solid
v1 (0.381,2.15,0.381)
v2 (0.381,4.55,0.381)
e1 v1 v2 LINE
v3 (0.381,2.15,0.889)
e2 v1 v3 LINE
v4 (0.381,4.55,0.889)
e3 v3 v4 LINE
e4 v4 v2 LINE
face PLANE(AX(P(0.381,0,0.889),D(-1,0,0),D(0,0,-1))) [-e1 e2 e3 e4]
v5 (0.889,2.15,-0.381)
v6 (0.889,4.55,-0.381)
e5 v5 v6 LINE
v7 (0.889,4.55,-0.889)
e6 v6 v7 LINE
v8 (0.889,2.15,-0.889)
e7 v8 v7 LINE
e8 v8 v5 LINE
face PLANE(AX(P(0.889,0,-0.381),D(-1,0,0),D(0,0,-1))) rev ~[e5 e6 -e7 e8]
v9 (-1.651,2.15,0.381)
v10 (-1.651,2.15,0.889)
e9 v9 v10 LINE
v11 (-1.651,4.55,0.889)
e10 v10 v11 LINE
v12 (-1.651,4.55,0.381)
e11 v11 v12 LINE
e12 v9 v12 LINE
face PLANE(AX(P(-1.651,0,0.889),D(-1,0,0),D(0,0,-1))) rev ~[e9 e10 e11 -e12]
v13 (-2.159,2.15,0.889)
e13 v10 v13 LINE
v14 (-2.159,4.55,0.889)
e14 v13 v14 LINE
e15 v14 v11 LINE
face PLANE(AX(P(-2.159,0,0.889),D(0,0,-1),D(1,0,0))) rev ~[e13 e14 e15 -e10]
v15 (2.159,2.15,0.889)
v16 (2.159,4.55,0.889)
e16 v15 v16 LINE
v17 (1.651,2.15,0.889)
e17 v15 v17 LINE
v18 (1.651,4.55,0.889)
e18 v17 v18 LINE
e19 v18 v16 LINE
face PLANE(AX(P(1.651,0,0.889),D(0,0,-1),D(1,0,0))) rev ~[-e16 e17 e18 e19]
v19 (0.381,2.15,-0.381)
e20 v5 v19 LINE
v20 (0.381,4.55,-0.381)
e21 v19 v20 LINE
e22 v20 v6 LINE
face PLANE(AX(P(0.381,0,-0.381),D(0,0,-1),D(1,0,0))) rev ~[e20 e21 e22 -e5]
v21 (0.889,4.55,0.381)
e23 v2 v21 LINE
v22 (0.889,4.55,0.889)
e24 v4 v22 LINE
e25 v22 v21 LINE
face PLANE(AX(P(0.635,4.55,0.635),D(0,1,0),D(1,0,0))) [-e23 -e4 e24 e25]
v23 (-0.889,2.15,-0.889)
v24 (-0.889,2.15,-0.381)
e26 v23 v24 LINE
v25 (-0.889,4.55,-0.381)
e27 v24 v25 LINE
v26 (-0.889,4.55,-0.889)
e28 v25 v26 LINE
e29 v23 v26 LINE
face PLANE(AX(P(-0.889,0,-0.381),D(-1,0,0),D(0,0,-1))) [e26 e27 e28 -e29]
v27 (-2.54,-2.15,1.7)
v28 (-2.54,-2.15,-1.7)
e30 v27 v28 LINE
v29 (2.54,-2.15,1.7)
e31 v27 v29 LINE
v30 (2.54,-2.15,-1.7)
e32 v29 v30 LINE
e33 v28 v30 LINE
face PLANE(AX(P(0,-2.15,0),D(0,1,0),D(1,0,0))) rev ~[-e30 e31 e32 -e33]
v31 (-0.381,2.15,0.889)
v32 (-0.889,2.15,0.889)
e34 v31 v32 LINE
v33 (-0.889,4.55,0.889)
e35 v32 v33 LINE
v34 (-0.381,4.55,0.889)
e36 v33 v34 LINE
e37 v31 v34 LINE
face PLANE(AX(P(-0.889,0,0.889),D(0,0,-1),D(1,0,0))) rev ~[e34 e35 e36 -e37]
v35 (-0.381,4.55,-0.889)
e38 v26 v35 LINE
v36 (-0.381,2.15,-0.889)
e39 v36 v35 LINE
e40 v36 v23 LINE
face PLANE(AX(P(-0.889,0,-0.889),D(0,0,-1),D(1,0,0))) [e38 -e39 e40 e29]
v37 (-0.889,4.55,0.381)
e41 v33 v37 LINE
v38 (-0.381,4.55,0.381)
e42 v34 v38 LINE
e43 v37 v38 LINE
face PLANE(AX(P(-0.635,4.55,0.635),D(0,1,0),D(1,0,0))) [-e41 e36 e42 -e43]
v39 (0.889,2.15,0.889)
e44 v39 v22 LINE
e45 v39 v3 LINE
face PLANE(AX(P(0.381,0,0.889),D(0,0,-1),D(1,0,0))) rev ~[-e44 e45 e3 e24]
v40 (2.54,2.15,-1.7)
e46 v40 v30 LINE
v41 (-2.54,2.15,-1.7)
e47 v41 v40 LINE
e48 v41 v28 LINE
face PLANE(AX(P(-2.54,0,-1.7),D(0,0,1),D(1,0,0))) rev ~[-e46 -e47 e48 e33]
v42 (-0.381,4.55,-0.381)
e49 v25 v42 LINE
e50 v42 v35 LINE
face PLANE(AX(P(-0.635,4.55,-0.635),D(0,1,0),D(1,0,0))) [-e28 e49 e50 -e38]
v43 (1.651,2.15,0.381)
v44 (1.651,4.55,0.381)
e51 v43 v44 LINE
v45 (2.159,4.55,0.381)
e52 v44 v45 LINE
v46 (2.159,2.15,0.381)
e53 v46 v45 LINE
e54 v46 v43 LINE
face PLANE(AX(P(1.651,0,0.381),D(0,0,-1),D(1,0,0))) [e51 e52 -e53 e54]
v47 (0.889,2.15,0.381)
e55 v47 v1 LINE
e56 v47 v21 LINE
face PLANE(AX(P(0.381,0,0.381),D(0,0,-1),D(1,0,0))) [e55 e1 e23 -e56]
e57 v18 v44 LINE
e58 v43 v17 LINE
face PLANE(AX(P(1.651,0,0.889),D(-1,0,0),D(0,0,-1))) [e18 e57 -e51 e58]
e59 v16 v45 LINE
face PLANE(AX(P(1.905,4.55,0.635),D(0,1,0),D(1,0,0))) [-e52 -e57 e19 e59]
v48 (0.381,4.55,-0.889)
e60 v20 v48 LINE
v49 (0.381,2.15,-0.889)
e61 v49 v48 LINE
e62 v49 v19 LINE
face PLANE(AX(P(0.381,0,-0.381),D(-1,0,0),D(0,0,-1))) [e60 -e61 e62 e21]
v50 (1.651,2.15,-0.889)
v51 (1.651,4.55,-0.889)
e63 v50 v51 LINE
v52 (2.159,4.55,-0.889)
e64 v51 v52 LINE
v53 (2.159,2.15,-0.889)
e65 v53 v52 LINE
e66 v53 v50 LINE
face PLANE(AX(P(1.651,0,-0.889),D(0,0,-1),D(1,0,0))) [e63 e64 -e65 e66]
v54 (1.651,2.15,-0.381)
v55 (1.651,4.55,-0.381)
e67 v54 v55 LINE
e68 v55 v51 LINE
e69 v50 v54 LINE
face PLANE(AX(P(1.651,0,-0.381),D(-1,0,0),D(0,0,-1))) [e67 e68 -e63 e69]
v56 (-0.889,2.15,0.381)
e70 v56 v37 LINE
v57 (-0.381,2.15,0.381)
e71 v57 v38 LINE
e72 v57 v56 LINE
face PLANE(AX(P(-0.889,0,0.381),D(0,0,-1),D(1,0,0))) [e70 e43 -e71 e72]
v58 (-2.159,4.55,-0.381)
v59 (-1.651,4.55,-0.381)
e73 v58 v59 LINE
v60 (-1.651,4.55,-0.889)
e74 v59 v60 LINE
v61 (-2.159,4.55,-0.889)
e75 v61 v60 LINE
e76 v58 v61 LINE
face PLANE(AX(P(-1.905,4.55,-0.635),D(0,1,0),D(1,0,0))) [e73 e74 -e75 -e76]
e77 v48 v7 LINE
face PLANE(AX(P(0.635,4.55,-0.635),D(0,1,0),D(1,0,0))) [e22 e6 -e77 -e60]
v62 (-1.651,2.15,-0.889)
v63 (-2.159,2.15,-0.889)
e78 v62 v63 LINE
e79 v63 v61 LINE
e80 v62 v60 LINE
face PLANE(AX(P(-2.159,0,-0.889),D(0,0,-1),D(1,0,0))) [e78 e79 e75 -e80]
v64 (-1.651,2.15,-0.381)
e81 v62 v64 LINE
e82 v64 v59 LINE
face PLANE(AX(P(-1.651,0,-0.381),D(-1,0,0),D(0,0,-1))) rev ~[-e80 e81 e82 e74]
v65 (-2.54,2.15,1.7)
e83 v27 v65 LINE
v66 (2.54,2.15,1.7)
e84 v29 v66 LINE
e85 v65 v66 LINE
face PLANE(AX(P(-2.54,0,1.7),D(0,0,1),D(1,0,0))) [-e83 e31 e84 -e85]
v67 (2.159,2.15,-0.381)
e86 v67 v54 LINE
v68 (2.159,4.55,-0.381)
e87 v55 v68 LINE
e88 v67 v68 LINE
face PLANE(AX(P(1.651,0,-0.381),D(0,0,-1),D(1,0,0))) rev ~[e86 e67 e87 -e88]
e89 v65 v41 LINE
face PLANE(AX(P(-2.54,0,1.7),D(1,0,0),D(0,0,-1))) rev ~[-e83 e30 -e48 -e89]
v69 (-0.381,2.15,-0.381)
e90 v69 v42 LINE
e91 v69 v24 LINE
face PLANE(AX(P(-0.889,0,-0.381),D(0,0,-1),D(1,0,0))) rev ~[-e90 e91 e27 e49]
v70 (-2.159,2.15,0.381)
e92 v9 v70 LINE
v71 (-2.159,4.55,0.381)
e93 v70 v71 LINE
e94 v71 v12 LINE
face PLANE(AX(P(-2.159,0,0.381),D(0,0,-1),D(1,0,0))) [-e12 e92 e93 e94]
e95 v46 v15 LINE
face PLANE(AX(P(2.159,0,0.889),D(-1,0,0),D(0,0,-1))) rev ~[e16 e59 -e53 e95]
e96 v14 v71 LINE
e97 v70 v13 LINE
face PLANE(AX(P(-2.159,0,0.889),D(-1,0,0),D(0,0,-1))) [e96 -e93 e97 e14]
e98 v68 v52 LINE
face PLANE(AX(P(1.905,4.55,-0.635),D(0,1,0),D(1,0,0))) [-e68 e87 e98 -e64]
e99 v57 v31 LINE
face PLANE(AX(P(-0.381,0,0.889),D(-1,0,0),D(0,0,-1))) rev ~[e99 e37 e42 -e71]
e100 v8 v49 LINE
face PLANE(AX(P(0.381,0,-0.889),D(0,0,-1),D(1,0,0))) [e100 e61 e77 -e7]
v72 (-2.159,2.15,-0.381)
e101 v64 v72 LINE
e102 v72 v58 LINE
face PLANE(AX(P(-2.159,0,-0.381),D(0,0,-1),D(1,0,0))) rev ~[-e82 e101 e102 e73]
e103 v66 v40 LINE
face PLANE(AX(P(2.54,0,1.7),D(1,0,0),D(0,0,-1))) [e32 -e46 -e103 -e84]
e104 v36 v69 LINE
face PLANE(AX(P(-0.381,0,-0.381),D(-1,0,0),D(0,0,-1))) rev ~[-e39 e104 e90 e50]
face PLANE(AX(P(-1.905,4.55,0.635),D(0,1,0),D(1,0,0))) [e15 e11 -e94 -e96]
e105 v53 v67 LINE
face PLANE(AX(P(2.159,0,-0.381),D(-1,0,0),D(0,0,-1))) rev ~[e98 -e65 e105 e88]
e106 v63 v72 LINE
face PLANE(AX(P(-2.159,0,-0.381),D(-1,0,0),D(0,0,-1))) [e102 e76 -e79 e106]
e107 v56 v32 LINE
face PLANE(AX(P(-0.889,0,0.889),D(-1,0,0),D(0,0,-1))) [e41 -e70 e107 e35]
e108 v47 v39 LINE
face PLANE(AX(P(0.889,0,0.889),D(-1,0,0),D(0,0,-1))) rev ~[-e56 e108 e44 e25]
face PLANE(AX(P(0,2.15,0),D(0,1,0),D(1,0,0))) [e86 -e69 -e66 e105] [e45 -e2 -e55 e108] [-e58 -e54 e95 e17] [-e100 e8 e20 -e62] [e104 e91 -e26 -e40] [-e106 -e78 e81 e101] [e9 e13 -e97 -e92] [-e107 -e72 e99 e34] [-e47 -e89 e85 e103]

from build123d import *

# Parameters (mm, degrees)
SKETCH1_W           = 5.08
SKETCH1_H           = 3.4
BOSS_EXTRUDE1_DEPTH = 2.15
SKETCH2_W           = 0.508
SKETCH2_H           = 0.508
BOSS_EXTRUDE2_DEPTH = 4.55


with BuildPart() as part:
    # Sketch1 → Boss-Extrude1 (new, symmetric)
    with BuildSketch(Plane(origin=(0, 0, 0), x_dir=(1, 0, 0), z_dir=(0, 1, 0))):
        Rectangle(SKETCH1_W, SKETCH1_H)
    extrude(amount=BOSS_EXTRUDE1_DEPTH, both=True)

    # Sketch2 → Boss-Extrude2 (add)
    with BuildSketch(Plane(origin=(0, 0, 0), x_dir=(1, 0, 0), z_dir=(0, 1, 0))):
        with Locations((-0.635, -0.635)):
            Rectangle(SKETCH2_W, SKETCH2_H)
        with Locations((-1.905, -0.635)):
            Rectangle(SKETCH2_W, SKETCH2_H)
        with Locations((0.635, -0.635)):
            Rectangle(SKETCH2_W, SKETCH2_H)
        with Locations((1.905, -0.635)):
            Rectangle(SKETCH2_W, SKETCH2_H)
        with Locations((-0.635, 0.635)):
            Rectangle(SKETCH2_W, SKETCH2_H)
        with Locations((0.635, 0.635)):
            Rectangle(SKETCH2_W, SKETCH2_H)
        with Locations((1.905, 0.635)):
            Rectangle(SKETCH2_W, SKETCH2_H)
        with Locations((-1.905, 0.635)):
            Rectangle(SKETCH2_W, SKETCH2_H)
    extrude(amount=BOSS_EXTRUDE2_DEPTH)


solid = part.part
